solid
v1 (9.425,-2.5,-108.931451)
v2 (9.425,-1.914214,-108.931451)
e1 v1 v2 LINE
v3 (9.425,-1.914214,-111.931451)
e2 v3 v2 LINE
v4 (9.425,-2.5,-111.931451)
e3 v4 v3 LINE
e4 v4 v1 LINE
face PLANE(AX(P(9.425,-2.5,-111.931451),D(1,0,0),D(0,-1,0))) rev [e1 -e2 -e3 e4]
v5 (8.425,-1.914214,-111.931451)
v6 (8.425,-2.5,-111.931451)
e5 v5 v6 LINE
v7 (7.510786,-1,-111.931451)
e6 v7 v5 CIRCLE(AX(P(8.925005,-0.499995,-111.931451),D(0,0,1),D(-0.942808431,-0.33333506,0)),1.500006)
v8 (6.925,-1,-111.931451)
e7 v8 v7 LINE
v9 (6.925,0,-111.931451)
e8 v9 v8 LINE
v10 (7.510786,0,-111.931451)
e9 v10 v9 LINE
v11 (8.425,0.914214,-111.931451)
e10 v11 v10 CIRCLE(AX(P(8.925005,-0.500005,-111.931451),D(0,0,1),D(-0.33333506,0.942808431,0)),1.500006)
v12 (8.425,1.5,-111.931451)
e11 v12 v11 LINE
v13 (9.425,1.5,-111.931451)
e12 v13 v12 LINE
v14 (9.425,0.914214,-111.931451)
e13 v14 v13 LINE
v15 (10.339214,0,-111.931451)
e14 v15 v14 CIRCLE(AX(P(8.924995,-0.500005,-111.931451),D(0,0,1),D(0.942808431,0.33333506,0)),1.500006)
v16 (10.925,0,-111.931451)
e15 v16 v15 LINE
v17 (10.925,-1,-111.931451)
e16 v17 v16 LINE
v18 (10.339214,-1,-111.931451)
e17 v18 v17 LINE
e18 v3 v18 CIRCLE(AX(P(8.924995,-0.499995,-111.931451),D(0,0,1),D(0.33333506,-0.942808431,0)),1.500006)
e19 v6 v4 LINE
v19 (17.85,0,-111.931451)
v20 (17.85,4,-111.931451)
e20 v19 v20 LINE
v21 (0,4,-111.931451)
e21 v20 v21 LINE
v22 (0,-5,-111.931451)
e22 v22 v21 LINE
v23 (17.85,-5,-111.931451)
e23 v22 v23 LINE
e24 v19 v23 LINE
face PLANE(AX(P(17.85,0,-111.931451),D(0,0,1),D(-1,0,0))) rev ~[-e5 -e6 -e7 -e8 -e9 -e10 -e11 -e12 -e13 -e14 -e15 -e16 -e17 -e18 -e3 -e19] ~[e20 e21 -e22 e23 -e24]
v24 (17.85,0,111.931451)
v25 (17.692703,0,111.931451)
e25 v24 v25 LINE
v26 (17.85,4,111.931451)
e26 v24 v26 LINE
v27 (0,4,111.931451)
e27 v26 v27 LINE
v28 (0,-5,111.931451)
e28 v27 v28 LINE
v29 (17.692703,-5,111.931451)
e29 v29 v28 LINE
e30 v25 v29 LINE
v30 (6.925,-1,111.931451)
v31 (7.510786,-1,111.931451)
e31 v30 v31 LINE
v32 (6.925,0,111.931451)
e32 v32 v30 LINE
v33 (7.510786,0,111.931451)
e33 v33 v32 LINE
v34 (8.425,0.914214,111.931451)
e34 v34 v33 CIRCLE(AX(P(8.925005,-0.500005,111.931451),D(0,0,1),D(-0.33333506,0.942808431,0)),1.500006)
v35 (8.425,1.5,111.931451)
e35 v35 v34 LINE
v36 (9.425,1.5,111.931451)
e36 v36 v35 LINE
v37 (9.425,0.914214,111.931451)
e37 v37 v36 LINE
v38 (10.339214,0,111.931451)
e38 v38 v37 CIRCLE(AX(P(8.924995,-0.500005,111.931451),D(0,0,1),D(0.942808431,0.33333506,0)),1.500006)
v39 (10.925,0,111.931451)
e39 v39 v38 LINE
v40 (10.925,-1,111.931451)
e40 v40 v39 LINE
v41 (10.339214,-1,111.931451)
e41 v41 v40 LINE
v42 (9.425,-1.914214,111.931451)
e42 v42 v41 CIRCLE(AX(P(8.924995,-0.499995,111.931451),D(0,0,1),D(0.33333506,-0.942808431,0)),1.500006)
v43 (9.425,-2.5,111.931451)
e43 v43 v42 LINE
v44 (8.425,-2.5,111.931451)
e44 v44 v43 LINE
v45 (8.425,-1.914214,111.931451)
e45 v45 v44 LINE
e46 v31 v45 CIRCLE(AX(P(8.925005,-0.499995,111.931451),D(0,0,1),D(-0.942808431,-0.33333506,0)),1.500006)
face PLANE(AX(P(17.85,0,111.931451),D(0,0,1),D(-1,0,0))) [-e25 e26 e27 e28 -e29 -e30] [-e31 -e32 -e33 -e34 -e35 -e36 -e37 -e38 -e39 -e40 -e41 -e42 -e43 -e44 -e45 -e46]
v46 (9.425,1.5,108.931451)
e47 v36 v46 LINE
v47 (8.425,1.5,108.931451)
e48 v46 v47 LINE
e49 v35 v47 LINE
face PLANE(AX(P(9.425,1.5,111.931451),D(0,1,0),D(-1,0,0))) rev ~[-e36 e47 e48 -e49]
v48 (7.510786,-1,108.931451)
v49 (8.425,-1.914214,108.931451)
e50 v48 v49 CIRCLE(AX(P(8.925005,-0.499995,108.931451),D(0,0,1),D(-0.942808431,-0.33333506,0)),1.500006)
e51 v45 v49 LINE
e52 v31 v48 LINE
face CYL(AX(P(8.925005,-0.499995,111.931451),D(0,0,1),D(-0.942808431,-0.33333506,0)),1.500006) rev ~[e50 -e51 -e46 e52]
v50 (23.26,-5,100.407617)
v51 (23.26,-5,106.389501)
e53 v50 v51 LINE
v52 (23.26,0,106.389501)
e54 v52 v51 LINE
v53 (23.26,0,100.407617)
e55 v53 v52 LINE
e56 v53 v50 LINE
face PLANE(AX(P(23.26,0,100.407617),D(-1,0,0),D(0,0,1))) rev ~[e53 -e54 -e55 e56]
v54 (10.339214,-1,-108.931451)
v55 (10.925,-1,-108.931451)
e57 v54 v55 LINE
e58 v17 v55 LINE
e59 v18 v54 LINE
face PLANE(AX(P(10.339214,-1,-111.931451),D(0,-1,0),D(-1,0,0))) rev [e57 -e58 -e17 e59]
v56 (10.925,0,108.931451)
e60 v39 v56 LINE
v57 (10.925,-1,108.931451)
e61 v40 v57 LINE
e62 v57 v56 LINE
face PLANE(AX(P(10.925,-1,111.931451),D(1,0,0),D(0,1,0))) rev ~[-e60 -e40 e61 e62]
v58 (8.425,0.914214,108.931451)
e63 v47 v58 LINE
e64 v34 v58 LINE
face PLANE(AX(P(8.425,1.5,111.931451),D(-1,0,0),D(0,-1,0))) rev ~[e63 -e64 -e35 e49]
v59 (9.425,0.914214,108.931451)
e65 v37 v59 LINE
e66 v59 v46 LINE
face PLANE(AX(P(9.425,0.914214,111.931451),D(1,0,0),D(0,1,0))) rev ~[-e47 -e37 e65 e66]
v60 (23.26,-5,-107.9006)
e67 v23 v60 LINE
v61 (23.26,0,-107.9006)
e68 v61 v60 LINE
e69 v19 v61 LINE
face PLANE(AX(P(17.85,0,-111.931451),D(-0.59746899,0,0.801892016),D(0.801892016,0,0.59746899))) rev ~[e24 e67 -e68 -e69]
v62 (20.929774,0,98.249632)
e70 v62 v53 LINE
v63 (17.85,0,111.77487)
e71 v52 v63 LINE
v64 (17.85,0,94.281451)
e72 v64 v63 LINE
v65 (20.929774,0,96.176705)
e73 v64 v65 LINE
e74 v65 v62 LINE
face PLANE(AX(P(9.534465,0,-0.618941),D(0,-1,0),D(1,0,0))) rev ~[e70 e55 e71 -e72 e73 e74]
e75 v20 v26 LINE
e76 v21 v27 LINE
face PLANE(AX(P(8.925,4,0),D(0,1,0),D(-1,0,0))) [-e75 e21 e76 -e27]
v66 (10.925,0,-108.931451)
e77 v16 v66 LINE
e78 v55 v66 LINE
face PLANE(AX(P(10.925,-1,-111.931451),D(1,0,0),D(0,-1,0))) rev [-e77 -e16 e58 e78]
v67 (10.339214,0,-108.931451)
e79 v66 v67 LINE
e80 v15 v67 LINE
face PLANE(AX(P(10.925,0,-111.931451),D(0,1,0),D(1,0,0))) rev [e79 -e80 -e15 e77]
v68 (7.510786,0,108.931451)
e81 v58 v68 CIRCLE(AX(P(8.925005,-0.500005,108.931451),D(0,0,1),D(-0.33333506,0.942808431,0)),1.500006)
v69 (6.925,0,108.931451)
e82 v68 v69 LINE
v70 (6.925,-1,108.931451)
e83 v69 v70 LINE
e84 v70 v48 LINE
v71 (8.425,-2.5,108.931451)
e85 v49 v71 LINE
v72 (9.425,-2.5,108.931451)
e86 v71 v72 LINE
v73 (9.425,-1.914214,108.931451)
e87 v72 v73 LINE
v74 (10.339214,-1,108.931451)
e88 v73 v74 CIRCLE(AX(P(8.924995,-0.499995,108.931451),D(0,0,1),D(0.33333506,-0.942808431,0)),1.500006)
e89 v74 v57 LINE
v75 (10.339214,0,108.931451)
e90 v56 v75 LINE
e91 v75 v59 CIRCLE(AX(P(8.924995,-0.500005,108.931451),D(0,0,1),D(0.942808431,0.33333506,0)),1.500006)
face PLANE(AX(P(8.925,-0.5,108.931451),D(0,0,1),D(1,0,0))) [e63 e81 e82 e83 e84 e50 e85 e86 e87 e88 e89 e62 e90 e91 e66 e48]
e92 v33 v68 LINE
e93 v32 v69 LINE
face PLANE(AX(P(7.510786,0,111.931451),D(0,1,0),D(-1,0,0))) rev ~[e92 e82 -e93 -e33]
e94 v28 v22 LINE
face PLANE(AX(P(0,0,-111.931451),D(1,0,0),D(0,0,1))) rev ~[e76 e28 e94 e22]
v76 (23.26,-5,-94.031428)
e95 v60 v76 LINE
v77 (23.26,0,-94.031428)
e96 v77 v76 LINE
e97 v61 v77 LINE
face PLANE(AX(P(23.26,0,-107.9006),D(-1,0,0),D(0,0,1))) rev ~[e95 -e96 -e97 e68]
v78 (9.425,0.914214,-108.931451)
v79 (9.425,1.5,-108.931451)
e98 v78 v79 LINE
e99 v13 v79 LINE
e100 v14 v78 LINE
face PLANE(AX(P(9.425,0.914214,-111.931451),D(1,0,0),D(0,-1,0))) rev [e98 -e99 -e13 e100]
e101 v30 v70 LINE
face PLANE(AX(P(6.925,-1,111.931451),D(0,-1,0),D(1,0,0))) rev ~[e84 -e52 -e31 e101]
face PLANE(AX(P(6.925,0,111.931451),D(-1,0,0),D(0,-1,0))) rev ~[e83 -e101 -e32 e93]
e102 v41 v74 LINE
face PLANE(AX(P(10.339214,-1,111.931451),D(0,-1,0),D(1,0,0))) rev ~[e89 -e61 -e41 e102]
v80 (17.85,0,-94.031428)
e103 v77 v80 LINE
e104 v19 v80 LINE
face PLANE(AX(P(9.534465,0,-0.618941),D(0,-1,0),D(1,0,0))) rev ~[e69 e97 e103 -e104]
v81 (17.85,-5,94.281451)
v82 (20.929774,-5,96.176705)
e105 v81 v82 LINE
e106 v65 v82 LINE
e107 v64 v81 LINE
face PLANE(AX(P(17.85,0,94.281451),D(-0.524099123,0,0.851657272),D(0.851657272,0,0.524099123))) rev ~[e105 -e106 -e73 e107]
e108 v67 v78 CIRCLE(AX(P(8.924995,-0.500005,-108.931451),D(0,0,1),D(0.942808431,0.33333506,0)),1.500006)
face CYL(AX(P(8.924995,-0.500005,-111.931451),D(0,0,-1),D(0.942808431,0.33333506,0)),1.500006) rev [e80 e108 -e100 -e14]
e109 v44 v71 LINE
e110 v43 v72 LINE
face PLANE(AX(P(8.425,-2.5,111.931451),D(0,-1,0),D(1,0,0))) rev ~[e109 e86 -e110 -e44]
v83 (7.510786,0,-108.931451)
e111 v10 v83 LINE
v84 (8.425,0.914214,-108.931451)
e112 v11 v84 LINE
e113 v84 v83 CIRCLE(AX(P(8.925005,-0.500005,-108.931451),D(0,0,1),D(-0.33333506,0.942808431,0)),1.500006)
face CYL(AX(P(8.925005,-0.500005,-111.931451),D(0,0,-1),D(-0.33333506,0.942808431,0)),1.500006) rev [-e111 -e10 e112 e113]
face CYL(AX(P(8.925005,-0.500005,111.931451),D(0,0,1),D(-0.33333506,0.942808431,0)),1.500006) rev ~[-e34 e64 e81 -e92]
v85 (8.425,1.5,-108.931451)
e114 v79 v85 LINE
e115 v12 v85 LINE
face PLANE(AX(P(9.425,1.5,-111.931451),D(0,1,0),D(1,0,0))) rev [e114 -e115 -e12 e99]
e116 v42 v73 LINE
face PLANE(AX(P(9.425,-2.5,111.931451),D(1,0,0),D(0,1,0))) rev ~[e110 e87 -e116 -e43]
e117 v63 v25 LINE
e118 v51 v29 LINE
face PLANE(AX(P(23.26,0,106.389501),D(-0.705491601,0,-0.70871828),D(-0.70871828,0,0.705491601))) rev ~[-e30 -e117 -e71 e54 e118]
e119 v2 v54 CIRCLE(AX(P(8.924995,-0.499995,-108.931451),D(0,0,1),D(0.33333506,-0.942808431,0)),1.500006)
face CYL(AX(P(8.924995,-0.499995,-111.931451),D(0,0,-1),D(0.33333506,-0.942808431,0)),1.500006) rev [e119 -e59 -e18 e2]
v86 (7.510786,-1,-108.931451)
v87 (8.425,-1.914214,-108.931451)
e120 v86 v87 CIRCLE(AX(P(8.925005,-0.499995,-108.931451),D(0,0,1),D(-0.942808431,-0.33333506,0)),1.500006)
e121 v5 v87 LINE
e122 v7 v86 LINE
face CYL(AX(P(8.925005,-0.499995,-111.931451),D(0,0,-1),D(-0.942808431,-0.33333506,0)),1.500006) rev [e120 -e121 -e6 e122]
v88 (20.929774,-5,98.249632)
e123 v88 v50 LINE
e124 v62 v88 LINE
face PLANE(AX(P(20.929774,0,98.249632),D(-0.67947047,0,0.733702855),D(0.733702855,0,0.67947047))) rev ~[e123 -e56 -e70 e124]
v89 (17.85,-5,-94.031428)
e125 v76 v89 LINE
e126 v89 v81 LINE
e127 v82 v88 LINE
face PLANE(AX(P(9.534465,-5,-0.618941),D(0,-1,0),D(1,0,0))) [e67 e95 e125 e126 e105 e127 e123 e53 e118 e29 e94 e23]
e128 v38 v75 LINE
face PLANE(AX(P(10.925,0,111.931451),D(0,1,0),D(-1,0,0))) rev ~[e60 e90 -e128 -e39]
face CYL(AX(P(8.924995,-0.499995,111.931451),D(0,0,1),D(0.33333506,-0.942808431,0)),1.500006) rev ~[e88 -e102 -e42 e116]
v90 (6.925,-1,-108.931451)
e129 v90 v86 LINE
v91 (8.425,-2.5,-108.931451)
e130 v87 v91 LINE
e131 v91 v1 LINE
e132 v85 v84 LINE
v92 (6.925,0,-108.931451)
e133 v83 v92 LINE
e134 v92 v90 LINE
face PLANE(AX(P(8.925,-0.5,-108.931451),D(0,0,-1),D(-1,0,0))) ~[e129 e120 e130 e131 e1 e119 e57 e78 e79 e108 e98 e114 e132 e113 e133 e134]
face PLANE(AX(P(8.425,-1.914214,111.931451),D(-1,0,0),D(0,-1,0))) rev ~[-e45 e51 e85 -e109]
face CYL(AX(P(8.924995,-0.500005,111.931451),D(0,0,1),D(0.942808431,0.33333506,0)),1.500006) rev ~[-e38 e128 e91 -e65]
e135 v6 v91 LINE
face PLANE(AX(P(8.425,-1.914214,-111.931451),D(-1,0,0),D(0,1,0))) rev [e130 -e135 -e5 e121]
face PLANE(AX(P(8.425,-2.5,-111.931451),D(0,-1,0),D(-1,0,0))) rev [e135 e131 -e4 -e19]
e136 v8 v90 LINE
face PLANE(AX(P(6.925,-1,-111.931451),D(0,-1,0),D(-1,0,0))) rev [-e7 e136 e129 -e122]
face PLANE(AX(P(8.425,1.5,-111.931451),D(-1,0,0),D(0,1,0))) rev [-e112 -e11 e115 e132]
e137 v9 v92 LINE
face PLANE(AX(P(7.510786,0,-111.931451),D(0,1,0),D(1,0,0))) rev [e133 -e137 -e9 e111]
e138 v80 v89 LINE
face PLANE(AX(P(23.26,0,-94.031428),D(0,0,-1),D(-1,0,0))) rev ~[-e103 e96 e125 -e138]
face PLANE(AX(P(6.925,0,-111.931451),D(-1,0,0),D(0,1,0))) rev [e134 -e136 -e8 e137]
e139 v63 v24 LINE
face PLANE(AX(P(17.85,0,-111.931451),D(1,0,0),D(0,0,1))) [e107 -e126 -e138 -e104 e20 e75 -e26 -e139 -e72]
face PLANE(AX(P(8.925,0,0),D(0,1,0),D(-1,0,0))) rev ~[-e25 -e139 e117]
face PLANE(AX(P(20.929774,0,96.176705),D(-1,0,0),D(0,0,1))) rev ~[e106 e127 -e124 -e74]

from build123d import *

# Parameters (mm, degrees)
F1_DEPTH = 5
F2_W     = 17.85
F2_H     = 223.862902
F3_DEPTH = 4
F5_DEPTH = 3


with BuildPart() as f1:
    # F0 (on Front) → F1 (new body)
    with BuildSketch(Plane.XZ):
        Polygon((17.692703, 111.931451), (0, 111.931451), (0, -111.931451), (17.85, -111.931451), (23.26, -107.9006), (23.26, -94.031428), (17.85, -94.031428), (17.85, 94.281451), (20.929774, 96.176705), (20.929774, 98.249632), (23.26, 100.407617), (23.26, 106.389501), align=None)
    extrude(amount=F1_DEPTH)

    # F2 (on face) → F3 (join)
    with BuildSketch(Plane(origin=(0, 0, 0), x_dir=(-1, 0, 0), z_dir=(0, 1, 0))):
        with Locations((-8.925, 0)):
            Rectangle(F2_W, F2_H)
    extrude(amount=F3_DEPTH)


with BuildPart() as f5:
    # F4 (on face) → F5 (new body)
    with BuildSketch(Plane.XY.offset(111.931451)):
        with BuildLine():
            Line((6.925, -1), (7.510786, -1))
            ThreePointArc((7.510786, -1), (7.86434, -1.56066), (8.425, -1.914214))
            Line((8.425, -1.914214), (8.425, -2.5))
            Line((8.425, -2.5), (9.425, -2.5))
            Line((9.425, -2.5), (9.425, -1.914214))
            ThreePointArc((9.425, -1.914214), (9.98566, -1.56066), (10.339214, -1))
            Line((10.339214, -1), (10.925, -1))
            Line((10.925, -1), (10.925, 0))
            Line((10.925, 0), (10.339214, 0))
            ThreePointArc((10.339214, 0), (9.98566, 0.56066), (9.425, 0.914214))
            Line((9.425, 0.914214), (9.425, 1.5))
            Line((9.425, 1.5), (8.425, 1.5))
            Line((8.425, 1.5), (8.425, 0.914214))
            ThreePointArc((8.425, 0.914214), (7.86434, 0.56066), (7.510786, 0))
            Line((7.510786, 0), (6.925, 0))
            Line((6.925, 0), (6.925, -1))
        make_face()
    extrude(amount=-F5_DEPTH)


with BuildPart() as f6_1:
    # F6: instance of F5
    add(f5.part.mirror(Plane.XY))


with BuildPart() as f1_1:
    add(f1.part)

    # F7: cut F5
    add(f5.part, mode=Mode.SUBTRACT)

    # F8: cut F6_1
    add(f6_1.part, mode=Mode.SUBTRACT)


solid = f1_1.part
